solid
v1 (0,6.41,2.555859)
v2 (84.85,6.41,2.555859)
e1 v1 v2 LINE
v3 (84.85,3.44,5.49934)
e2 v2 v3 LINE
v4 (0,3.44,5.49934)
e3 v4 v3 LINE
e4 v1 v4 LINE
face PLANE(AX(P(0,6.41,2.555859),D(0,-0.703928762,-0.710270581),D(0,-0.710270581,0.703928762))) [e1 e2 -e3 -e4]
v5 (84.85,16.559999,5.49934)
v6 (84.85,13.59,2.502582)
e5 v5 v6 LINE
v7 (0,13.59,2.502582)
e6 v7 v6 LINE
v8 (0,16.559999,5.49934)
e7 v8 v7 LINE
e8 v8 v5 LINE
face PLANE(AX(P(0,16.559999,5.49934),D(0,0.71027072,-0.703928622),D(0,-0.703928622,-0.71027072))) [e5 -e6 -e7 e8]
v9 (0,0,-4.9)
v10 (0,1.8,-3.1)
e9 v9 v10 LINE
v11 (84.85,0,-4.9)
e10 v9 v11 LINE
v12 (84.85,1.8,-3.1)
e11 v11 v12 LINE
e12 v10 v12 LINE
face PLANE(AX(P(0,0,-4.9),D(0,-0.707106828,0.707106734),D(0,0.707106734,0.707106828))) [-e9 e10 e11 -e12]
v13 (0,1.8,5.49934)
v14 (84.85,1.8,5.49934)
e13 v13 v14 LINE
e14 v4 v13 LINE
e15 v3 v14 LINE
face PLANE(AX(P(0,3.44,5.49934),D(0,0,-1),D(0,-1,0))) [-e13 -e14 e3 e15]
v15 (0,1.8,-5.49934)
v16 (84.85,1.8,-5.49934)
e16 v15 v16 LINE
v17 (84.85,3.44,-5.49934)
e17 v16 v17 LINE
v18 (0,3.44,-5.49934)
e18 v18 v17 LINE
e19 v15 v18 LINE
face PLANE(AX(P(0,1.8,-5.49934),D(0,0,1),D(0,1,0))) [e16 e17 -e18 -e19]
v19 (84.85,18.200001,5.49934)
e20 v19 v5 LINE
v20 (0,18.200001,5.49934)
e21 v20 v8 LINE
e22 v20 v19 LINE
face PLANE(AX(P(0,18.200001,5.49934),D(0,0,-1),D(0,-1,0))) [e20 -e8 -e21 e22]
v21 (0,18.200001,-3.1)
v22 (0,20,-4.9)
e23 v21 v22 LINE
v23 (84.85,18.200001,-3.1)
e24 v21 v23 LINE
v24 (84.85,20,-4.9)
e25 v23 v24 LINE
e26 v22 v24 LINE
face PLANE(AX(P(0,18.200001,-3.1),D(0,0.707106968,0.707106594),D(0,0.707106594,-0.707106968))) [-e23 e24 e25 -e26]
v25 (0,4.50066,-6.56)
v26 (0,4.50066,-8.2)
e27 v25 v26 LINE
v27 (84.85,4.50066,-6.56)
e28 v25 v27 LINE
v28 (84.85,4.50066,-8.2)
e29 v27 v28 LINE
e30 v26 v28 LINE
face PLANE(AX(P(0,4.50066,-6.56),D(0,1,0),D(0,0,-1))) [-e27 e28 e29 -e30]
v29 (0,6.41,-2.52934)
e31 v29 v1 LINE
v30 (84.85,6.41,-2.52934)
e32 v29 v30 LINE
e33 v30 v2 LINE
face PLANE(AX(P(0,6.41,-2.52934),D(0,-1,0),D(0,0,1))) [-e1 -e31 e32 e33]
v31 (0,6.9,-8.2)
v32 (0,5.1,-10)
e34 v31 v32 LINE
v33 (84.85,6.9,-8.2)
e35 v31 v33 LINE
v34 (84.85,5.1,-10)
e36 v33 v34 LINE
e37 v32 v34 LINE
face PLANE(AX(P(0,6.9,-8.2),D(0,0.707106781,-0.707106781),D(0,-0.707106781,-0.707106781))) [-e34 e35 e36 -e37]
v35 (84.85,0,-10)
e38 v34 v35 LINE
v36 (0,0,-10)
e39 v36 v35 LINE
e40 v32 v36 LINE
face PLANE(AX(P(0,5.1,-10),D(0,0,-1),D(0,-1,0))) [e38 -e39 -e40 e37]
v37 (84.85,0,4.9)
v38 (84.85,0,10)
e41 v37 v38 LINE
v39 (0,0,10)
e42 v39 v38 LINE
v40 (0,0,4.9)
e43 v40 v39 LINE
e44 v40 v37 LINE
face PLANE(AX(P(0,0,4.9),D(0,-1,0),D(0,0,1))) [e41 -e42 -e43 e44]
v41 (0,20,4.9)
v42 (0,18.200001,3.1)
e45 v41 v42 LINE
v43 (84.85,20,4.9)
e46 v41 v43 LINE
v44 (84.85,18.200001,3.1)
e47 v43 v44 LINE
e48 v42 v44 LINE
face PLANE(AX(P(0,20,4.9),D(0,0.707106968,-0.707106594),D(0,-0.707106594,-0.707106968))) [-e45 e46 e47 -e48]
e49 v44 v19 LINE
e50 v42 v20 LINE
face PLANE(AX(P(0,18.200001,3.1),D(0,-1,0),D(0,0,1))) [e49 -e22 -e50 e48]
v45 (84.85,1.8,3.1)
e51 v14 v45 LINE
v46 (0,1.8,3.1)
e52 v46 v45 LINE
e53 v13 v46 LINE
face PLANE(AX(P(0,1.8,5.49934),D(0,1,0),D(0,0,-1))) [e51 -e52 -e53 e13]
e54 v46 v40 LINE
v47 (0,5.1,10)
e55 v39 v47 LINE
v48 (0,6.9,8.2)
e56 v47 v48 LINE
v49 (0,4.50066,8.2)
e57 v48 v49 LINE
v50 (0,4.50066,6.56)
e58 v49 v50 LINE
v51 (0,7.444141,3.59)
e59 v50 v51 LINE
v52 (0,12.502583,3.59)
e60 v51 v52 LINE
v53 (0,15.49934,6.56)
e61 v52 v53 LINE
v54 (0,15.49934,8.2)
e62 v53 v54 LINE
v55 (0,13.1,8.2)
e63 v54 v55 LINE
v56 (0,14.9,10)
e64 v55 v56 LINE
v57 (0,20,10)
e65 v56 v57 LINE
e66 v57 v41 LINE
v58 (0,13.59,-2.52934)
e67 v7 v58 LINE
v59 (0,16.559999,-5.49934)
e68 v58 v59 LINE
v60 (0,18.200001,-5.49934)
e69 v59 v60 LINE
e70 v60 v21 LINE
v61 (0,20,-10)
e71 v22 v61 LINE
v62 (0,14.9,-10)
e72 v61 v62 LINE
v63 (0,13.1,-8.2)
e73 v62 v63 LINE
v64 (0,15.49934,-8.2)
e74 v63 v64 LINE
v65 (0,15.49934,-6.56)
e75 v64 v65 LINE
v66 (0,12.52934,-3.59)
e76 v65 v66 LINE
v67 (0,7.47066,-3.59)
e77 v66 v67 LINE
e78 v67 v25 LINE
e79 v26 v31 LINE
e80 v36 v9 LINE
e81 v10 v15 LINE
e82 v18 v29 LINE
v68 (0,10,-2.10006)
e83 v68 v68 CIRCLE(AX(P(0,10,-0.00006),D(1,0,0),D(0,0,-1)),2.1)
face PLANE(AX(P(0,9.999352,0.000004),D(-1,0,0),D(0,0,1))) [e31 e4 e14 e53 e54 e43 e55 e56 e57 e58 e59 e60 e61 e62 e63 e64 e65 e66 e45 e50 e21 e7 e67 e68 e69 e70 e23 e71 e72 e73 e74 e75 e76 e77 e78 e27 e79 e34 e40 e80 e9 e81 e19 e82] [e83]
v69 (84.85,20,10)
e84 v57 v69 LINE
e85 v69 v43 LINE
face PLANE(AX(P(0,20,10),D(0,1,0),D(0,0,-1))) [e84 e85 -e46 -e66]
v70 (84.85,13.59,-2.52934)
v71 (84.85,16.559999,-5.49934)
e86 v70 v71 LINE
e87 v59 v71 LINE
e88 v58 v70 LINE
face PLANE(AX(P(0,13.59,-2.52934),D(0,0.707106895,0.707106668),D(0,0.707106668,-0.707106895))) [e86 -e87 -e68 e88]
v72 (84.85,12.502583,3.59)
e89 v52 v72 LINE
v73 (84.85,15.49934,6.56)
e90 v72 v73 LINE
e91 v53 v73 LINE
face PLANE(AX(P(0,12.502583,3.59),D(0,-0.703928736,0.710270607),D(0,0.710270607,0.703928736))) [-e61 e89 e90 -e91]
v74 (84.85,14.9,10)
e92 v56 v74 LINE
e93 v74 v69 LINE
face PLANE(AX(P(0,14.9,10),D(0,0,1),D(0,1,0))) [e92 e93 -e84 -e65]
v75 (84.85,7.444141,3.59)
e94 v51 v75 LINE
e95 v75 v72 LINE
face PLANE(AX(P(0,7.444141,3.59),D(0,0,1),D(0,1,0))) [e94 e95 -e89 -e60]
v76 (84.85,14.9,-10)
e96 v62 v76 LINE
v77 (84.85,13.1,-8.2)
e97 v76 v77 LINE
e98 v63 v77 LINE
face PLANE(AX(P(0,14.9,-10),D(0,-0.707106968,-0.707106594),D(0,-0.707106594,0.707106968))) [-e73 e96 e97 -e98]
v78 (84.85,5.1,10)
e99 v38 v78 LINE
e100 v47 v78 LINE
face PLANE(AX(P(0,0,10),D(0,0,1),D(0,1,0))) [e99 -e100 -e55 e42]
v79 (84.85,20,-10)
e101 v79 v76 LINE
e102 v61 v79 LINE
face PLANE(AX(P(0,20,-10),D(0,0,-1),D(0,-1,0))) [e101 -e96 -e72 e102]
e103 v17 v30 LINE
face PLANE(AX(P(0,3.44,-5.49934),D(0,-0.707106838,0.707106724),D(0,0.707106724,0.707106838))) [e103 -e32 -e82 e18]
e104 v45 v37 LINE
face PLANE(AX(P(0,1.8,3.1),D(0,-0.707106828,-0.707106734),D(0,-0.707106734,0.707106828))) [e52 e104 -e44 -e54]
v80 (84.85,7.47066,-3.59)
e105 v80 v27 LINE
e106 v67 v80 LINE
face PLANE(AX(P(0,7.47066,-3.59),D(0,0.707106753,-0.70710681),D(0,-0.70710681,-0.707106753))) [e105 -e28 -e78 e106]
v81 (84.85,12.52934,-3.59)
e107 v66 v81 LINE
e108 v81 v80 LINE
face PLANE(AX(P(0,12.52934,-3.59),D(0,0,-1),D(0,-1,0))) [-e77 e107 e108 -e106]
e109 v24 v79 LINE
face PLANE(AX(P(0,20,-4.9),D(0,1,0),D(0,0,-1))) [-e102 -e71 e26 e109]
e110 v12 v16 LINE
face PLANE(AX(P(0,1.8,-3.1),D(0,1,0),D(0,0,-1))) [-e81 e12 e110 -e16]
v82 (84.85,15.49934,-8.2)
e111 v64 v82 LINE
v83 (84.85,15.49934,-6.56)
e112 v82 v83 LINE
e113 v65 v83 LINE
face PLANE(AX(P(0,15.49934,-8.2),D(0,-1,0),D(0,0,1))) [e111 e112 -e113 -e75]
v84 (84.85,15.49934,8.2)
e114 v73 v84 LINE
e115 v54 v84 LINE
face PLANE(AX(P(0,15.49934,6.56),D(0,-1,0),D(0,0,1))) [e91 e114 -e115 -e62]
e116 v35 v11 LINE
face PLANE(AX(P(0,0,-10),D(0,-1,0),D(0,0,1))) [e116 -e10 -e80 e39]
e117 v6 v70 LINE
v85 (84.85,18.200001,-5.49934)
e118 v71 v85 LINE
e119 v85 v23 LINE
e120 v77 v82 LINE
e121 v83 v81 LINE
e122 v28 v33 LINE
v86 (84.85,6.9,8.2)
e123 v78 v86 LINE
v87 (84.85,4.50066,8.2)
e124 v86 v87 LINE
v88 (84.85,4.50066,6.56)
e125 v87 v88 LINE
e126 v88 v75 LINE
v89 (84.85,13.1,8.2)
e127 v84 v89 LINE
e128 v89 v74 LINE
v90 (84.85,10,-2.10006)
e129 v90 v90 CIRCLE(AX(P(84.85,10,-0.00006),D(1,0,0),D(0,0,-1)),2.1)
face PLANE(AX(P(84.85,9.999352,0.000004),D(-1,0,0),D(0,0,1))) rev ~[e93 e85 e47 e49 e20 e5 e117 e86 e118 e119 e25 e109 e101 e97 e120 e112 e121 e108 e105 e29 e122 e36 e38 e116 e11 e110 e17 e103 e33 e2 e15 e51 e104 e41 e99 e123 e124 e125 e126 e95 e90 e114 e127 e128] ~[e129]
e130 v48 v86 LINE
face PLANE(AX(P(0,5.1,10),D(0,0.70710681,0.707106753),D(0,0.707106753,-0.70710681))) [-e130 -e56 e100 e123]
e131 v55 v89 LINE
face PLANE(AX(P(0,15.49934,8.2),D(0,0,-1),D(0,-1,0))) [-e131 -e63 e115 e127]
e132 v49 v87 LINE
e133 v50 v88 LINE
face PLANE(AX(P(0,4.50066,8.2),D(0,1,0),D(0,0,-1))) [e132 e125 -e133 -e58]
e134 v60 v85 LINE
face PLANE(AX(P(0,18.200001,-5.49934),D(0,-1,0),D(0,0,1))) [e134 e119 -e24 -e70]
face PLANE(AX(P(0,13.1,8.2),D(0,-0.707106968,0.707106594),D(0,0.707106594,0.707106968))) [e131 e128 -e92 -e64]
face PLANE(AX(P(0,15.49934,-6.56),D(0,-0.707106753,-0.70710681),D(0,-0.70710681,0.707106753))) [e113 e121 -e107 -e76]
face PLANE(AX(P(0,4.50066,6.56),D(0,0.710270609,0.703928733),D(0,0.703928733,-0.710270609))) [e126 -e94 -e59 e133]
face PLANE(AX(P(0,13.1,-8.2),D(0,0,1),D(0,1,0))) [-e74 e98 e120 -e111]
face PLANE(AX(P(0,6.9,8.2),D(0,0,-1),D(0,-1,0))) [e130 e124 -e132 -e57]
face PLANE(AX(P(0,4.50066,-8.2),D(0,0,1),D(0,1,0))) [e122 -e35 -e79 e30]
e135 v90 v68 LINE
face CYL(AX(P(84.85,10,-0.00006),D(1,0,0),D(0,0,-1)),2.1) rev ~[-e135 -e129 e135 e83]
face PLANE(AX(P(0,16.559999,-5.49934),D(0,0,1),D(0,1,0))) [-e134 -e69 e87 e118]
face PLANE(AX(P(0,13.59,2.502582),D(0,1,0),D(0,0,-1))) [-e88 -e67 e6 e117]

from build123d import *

# Parameters (mm, degrees)
BOSS_EXTRUDE1_DEPTH = 84.85
SKETCH2_R           = 2.1
CUT_EXTRUDE1_DEPTH  = 88.746923023


with BuildPart() as part:
    # Sketch1 → Boss-Extrude1 (new body)
    with BuildSketch(Plane(origin=(0, 0, 0), x_dir=(0, 0, -1), z_dir=(1, 0, 0))):
        Polygon((-10, 20), (-4.900000095, 20), (-3.099999905, 18.200000763), (-5.499340057, 18.200000763), (-5.499340057, 16.559999466), (-2.502582312, 13.590000153), (2.52933979, 13.590000153), (5.499340057, 16.559999466), (5.499340057, 18.200000763), (3.099999905, 18.200000763), (4.900000095, 20), (10, 20), (10, 14.899999619), (8.199999809, 13.100000381), (8.199999809, 15.499340057), (6.559999943, 15.499340057), (3.589999914, 12.52933979), (3.589999914, 7.47066021), (6.559999943, 4.500659943), (8.199999809, 4.500659943), (8.199999809, 6.900000095), (10, 5.099999905), (10, 0), (4.900000095, 0), (3.099999905, 1.799999952), (5.499340057, 1.799999952), (5.499340057, 3.440000057), (2.52933979, 6.409999847), (-2.555858612, 6.409999847), (-5.499340057, 3.440000057), (-5.499340057, 1.799999952), (-3.099999905, 1.799999952), (-4.900000095, 0), (-10, 0), (-10, 5.099999905), (-8.199999809, 6.899999951), (-8.199999809, 4.500659943), (-6.559999943, 4.500659943), (-3.589999914, 7.444141388), (-3.589999914, 12.50258255), (-6.559999943, 15.499340057), (-8.199999809, 15.499340057), (-8.199999809, 13.100000381), (-10, 14.899999619), align=None)
    extrude(amount=BOSS_EXTRUDE1_DEPTH)

    # Sketch2 → Cut-Extrude1 (cut, through all)
    with BuildSketch(Plane(origin=(84.85, 0, 0), x_dir=(0, 0, -1), z_dir=(1, 0, 0))):
        with Locations((5.9664e-05, 10)):
            Circle(SKETCH2_R)
    extrude(amount=-CUT_EXTRUDE1_DEPTH, mode=Mode.SUBTRACT)


solid = part.part
